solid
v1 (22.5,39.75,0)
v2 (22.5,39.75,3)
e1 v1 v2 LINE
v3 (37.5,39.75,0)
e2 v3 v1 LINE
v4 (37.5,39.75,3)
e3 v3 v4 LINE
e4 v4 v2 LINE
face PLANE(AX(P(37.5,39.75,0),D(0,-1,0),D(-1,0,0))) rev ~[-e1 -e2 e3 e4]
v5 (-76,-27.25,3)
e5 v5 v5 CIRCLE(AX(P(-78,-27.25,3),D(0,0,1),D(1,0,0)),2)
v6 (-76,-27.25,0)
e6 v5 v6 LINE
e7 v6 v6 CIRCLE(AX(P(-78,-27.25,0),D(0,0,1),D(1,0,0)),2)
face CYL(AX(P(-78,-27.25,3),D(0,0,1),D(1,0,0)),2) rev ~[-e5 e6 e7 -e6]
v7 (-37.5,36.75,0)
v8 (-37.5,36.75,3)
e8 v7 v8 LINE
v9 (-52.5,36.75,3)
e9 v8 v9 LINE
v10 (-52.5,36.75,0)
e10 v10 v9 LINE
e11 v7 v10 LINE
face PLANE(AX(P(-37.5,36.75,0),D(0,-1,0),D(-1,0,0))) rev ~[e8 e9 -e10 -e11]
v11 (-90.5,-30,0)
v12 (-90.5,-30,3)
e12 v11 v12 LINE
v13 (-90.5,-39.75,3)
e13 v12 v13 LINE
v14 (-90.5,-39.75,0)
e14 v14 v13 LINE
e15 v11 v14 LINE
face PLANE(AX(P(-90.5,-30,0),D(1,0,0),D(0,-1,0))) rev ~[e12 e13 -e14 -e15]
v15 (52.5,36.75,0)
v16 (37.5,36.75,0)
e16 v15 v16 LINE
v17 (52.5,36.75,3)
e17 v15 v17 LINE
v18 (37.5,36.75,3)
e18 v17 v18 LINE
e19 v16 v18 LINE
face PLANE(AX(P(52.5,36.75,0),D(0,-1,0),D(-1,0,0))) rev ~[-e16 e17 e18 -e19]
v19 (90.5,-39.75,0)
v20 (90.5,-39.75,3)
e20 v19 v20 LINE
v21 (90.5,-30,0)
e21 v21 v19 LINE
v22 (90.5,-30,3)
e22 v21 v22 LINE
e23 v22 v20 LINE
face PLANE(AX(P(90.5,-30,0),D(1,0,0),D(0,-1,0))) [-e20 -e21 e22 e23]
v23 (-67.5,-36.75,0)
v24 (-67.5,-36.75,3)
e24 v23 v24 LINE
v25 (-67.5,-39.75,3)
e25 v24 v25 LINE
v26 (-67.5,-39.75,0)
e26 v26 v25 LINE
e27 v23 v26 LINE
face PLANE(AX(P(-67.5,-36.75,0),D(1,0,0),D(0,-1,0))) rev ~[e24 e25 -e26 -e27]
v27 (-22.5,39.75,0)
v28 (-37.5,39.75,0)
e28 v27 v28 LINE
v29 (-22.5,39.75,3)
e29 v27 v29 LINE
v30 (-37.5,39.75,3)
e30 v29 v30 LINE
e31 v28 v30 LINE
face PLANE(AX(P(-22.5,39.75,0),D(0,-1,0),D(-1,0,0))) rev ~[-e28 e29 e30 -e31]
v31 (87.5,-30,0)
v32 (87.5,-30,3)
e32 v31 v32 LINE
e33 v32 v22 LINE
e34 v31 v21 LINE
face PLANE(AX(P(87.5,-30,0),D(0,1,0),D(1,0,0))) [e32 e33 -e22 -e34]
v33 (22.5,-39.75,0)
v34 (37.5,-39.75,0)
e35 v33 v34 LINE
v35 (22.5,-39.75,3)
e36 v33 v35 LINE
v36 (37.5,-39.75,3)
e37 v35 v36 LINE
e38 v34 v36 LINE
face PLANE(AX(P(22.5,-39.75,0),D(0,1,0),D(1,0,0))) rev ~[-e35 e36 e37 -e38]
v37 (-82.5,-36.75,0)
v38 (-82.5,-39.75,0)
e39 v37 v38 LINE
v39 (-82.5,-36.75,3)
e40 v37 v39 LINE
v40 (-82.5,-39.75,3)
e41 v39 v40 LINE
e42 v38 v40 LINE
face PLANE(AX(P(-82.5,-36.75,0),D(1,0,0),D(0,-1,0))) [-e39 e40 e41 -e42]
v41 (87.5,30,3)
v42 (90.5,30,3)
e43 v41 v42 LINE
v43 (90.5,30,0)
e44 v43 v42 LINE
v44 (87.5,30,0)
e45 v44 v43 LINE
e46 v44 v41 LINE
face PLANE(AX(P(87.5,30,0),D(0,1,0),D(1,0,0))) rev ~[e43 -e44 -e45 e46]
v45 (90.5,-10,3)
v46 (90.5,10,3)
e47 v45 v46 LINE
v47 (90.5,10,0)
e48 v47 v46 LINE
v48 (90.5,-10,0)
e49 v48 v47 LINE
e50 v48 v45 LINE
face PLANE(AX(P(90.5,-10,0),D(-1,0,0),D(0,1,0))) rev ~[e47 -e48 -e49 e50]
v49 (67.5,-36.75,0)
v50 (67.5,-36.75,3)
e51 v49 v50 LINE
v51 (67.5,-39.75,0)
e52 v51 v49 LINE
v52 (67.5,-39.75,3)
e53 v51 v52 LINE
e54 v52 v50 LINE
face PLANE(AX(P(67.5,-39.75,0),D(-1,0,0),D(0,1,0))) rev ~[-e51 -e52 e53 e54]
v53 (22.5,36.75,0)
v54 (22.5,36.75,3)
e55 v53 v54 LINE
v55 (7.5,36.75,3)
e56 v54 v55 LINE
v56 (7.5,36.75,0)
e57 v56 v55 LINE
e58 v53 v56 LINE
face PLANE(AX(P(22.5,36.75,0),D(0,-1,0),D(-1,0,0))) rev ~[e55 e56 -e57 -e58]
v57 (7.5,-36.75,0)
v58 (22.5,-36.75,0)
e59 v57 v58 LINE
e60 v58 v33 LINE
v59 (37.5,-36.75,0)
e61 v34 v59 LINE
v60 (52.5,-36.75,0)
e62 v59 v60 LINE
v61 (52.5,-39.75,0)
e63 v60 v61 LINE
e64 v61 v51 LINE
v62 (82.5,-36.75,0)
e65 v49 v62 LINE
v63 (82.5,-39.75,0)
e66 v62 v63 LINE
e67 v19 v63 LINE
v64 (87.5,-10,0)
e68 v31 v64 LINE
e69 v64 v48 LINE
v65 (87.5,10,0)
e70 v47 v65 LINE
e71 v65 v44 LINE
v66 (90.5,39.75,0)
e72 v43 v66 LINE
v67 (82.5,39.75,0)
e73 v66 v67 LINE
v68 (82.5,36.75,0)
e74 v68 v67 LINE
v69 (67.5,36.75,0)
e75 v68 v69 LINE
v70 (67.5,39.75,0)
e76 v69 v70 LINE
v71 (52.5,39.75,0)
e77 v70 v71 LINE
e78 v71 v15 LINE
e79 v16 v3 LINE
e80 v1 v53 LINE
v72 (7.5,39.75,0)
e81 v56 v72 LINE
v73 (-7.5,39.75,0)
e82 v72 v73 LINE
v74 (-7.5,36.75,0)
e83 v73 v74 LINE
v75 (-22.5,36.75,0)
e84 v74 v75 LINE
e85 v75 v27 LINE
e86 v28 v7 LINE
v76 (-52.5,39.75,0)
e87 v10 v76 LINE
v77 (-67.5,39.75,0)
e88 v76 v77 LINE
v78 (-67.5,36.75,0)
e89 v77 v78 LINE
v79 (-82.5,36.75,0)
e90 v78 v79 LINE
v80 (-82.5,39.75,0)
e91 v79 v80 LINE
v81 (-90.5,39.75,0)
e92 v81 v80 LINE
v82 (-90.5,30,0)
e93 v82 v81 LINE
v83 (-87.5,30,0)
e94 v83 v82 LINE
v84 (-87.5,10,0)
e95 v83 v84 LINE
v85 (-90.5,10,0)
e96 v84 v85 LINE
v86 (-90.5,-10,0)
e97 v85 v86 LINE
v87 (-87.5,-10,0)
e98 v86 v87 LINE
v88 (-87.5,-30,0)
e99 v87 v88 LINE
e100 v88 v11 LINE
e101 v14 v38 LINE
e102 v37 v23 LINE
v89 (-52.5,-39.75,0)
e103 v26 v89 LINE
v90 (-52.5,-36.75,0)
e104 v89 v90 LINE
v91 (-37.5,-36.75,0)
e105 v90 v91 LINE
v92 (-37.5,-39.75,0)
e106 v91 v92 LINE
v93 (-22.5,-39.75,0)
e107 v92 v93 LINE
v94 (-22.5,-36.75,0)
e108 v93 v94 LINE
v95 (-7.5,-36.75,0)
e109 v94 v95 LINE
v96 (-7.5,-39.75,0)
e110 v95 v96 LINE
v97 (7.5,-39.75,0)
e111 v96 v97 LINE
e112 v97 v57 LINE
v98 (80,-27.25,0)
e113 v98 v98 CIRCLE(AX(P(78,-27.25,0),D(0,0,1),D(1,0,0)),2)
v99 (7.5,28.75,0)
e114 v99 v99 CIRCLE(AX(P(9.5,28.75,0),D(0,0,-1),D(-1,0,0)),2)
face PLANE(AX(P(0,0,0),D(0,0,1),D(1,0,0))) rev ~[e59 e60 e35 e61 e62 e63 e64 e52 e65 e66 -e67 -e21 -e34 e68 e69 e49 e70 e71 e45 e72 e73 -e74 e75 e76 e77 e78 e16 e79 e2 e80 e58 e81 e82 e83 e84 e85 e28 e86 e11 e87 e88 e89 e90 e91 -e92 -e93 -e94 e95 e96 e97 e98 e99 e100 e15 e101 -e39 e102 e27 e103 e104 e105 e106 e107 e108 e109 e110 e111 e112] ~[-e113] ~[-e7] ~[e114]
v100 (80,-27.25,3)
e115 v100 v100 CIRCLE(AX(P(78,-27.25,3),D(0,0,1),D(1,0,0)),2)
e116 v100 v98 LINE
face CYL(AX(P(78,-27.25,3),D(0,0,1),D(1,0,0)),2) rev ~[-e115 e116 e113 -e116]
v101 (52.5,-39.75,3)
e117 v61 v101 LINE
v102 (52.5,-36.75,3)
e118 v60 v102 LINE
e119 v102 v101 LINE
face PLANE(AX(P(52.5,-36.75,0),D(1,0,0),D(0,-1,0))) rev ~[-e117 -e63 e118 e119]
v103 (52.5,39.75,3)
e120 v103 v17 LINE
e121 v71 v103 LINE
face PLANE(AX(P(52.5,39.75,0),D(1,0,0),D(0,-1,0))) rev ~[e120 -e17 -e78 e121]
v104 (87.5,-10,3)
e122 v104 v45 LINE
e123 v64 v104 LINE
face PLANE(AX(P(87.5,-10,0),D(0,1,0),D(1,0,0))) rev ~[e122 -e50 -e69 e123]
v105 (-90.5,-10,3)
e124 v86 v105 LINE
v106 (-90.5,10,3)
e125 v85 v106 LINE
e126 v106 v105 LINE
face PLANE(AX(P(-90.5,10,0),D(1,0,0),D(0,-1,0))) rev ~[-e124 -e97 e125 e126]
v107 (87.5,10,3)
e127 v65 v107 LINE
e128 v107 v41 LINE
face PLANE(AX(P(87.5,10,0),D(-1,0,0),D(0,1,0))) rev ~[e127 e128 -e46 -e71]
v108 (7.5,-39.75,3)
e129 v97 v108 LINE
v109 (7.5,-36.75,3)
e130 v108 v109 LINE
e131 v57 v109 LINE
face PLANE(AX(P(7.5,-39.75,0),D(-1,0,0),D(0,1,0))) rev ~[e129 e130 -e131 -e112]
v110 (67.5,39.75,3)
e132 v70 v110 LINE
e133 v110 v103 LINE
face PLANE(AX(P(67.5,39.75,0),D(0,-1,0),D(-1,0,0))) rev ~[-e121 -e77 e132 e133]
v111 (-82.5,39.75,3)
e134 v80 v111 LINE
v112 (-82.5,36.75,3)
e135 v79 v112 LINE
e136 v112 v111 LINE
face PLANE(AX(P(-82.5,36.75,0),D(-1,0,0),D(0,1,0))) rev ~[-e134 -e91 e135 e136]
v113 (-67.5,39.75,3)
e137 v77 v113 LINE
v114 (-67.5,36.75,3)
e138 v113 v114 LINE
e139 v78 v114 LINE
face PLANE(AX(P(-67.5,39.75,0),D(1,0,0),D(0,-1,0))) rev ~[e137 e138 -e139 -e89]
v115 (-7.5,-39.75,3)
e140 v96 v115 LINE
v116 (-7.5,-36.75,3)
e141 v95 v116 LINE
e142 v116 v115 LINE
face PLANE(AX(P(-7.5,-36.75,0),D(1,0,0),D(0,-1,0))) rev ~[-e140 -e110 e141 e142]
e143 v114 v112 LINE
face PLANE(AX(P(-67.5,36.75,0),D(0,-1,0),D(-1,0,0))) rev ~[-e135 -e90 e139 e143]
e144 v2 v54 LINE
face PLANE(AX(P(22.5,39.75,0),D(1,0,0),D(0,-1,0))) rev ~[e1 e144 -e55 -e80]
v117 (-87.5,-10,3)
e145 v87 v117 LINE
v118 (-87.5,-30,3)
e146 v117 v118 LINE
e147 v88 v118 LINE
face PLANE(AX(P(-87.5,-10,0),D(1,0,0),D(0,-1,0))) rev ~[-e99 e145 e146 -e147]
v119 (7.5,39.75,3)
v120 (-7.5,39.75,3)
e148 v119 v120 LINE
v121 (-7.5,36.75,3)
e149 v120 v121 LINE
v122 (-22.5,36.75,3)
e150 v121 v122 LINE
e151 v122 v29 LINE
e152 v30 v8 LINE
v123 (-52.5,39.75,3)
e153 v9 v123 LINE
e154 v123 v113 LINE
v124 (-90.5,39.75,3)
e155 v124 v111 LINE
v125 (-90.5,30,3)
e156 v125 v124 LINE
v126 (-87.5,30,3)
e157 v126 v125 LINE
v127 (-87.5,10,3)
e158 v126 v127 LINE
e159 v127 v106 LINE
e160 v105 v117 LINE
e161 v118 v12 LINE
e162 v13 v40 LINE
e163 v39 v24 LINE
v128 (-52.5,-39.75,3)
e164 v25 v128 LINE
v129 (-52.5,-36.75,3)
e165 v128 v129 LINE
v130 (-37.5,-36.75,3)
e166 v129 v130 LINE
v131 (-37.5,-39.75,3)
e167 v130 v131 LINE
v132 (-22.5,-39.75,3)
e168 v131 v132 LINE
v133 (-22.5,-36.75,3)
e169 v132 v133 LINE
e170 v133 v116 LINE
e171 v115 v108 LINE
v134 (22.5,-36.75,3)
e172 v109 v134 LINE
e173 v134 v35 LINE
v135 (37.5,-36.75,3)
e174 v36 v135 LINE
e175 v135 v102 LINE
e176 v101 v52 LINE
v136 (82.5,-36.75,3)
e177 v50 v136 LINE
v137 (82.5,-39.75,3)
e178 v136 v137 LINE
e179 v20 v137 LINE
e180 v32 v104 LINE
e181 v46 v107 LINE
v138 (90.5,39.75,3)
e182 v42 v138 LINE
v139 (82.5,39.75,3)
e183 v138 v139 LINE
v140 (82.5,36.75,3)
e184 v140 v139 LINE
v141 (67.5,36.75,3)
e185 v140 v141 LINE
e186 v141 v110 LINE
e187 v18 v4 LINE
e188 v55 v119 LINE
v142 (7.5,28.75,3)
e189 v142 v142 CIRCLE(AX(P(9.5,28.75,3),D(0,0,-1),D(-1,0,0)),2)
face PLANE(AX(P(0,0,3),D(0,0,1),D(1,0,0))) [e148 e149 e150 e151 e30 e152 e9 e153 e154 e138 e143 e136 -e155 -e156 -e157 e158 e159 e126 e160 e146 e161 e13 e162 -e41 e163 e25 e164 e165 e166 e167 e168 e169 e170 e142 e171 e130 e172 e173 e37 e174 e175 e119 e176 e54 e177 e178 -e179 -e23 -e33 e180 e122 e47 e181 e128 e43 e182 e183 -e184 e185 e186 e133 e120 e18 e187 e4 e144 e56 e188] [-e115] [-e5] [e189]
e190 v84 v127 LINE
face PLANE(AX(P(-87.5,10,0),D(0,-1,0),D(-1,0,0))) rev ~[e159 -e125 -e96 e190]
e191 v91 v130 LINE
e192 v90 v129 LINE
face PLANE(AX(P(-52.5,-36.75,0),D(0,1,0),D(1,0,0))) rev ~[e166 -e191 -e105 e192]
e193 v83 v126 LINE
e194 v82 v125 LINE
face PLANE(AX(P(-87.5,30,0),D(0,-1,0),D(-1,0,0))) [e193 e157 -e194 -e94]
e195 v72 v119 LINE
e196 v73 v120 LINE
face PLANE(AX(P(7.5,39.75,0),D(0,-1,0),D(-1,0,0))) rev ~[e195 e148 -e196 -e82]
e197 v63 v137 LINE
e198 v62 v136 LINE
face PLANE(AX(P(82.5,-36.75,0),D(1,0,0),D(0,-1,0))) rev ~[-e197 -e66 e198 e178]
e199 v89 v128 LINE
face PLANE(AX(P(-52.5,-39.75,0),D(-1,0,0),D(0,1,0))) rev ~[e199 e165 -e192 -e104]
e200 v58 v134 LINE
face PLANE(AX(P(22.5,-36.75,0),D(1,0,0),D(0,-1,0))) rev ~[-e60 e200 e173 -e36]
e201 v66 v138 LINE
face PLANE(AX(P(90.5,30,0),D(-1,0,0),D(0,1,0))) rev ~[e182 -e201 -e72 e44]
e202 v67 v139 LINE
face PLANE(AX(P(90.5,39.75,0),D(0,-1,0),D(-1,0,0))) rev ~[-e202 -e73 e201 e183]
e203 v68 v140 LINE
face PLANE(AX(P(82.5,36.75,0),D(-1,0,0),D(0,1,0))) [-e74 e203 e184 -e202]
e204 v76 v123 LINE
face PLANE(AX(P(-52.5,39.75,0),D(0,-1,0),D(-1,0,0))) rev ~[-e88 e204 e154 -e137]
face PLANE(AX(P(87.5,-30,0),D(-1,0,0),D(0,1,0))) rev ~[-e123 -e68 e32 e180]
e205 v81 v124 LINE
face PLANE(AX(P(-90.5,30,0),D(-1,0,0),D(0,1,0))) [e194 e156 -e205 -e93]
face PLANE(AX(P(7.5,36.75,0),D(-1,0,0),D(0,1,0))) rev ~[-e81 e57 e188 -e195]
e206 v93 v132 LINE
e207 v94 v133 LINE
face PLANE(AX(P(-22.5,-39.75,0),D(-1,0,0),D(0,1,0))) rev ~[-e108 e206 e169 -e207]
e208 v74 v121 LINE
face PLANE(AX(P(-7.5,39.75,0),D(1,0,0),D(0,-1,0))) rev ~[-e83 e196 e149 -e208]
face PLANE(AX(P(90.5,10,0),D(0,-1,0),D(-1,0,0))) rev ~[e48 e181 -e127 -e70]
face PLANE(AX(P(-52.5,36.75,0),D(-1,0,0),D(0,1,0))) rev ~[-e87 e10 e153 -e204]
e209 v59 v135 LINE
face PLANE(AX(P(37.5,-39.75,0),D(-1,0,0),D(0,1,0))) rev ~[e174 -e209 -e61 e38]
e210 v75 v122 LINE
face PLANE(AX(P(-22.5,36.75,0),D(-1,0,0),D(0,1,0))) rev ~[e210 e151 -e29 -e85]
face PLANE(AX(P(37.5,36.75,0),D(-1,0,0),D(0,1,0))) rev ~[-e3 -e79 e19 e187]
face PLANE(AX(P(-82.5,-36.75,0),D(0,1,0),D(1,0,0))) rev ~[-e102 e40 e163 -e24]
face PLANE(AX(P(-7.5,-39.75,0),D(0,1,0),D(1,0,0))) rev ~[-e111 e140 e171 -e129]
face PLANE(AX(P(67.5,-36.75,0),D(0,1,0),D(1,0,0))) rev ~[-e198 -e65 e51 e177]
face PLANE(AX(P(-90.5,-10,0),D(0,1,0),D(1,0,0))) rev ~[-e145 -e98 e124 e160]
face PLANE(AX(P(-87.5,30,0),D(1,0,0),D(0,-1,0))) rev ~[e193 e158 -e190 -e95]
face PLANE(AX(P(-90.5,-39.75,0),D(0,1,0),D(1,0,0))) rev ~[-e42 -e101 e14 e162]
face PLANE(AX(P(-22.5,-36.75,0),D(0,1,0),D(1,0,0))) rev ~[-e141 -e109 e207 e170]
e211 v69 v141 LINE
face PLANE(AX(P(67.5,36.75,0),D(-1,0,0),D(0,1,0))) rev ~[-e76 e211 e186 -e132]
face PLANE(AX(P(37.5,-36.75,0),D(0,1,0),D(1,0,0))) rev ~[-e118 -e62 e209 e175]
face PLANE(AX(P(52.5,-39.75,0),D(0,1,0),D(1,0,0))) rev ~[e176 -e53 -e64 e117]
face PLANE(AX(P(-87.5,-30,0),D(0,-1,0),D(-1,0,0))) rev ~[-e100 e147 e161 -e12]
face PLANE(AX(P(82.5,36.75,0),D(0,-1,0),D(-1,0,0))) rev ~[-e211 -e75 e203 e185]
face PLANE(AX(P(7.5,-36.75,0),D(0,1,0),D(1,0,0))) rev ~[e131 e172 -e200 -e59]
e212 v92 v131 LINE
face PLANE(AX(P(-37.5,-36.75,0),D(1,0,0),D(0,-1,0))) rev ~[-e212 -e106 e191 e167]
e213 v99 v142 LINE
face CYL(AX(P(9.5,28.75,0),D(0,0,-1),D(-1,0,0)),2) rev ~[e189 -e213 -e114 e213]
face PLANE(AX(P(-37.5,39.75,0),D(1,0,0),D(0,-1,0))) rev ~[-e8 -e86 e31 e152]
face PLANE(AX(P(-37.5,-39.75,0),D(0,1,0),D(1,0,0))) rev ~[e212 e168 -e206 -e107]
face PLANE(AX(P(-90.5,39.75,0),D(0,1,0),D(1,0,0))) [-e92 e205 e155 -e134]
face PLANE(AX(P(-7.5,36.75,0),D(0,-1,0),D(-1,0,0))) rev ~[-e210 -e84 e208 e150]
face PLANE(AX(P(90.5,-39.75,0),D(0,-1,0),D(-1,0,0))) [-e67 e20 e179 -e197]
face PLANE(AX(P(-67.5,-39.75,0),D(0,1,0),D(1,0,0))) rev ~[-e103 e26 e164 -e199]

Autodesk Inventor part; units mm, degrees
ref_plane "YZ Plane" through (0, 0, 0) normal (1, 0, 0) x (0, 1, 0)
ref_plane "XZ Plane" through (0, 0, 0) normal (0, 1, 0) x (-1, 0, 0)
ref_plane "XY Plane" through (0, 0, 0) normal (0, 0, 1) x (1, 0, 0)
sketch "Sketch1" plane through (0, 0, 0) normal (0, 0, 1) x (1, 0, 0)
  line L0 (-87.5, -36.75) -> (87.5, -36.75)
  line L1 (87.5, -36.75) -> (87.5, 36.75)
  line L2 (87.5, 36.75) -> (-87.5, 36.75)
  line L3 (-87.5, 36.75) -> (-87.5, -36.75)
  line L4 (-87.5, -36.75) -> (87.5, 36.75) construction
  line L5 (87.5, -36.75) -> (-87.5, 36.75) construction
  line L6 (-67.5, 36.75) -> (-52.5, 36.75)
  line L7 (-52.5, 36.75) -> (-52.5, 39.75)
  line L8 (-52.5, 39.75) -> (-67.5, 39.75)
  line L9 (-67.5, 39.75) -> (-67.5, 36.75)
  line L10 (-87.5, 10) -> (-90.5, 10)
  line L11 (-90.5, 10) -> (-90.5, -10)
  line L12 (-90.5, -10) -> (-87.5, -10)
  line L13 (-87.5, -10) -> (-87.5, 10)
  line L14 (-82.5, 36.75) -> (-82.5, 39.75)
  line L15 (-87.5, 30) -> (-90.5, 30)
  line L16 (-90.5, 30) -> (-90.5, 39.75)
  line L17 (-90.5, 39.75) -> (-82.5, 39.75)
  line L18 (-22.5, 36.75) -> (-22.5, 39.75)
  line L19 (-22.5, 39.75) -> (-37.5, 39.75)
  line L20 (-37.5, 39.75) -> (-37.5, 36.75)
  line L21 (-37.5, 36.75) -> (-22.5, 36.75)
  line L22 (7.5, 36.75) -> (7.5, 39.75)
  line L23 (7.5, 39.75) -> (-7.5, 39.75)
  line L24 (-7.5, 39.75) -> (-7.5, 36.75)
  line L25 (-7.5, 36.75) -> (7.5, 36.75)
  line L26 (37.5, 36.75) -> (37.5, 39.75)
  line L27 (37.5, 39.75) -> (22.5, 39.75)
  line L28 (22.5, 39.75) -> (22.5, 36.75)
  line L29 (22.5, 36.75) -> (37.5, 36.75)
  line L30 (67.5, 36.75) -> (67.5, 39.75)
  line L31 (67.5, 39.75) -> (52.5, 39.75)
  line L32 (52.5, 39.75) -> (52.5, 36.75)
  line L33 (52.5, 36.75) -> (67.5, 36.75)
  line L34 (-52.5, -39.75) -> (-52.5, -36.75)
  line L35 (-52.5, -36.75) -> (-67.5, -36.75)
  line L36 (-67.5, -36.75) -> (-67.5, -39.75)
  line L37 (-67.5, -39.75) -> (-52.5, -39.75)
  line L38 (-22.5, -39.75) -> (-22.5, -36.75)
  line L39 (-22.5, -36.75) -> (-37.5, -36.75)
  line L40 (-37.5, -36.75) -> (-37.5, -39.75)
  line L41 (-37.5, -39.75) -> (-22.5, -39.75)
  line L42 (7.5, -39.75) -> (7.5, -36.75)
  line L43 (7.5, -36.75) -> (-7.5, -36.75)
  line L44 (-7.5, -36.75) -> (-7.5, -39.75)
  line L45 (-7.5, -39.75) -> (7.5, -39.75)
  line L46 (37.5, -39.75) -> (37.5, -36.75)
  line L47 (37.5, -36.75) -> (22.5, -36.75)
  line L48 (22.5, -36.75) -> (22.5, -39.75)
  line L49 (22.5, -39.75) -> (37.5, -39.75)
  line L50 (67.5, -39.75) -> (67.5, -36.75)
  line L51 (67.5, -36.75) -> (52.5, -36.75)
  line L52 (52.5, -36.75) -> (52.5, -39.75)
  line L53 (52.5, -39.75) -> (67.5, -39.75)
  line L54 (90.5, 10) -> (87.5, 10)
  line L55 (87.5, 10) -> (87.5, -10)
  line L56 (87.5, -10) -> (90.5, -10)
  line L57 (90.5, -10) -> (90.5, 10)
  line L58 (-87.5, 0) -> (87.5, 0) construction
  line L59 (0, 36.75) -> (0, -36.75) construction
  line L60 (-87.5, 30) -> (-87.5, 36.75)
  line L61 (-82.5, 36.75) -> (-87.5, 36.75)
  line L62 (-82.5, -36.75) -> (-82.5, -39.75)
  line L63 (-87.5, -30) -> (-90.5, -30)
  line L64 (-90.5, -30) -> (-90.5, -39.75)
  line L65 (-90.5, -39.75) -> (-82.5, -39.75)
  line L66 (-87.5, -30) -> (-87.5, -36.75)
  line L67 (-82.5, -36.75) -> (-87.5, -36.75)
  line L68 (82.5, 36.75) -> (82.5, 39.75)
  line L69 (87.5, 30) -> (90.5, 30)
  line L70 (90.5, 30) -> (90.5, 39.75)
  line L71 (90.5, 39.75) -> (82.5, 39.75)
  line L72 (87.5, 30) -> (87.5, 36.75)
  line L73 (82.5, 36.75) -> (87.5, 36.75)
  line L74 (82.5, -36.75) -> (82.5, -39.75)
  line L75 (87.5, -30) -> (90.5, -30)
  line L76 (90.5, -30) -> (90.5, -39.75)
  line L77 (90.5, -39.75) -> (82.5, -39.75)
  line L78 (87.5, -30) -> (87.5, -36.75)
  line L79 (82.5, -36.75) -> (87.5, -36.75)
  point P0 (0, 0)
  dimension "d0" = 175
  dimension "d1" = 73.5
  dimension "d2" = 15
  dimension "d3" = 3
  dimension "d4" = 20
  dimension "d5" = 3
  dimension "d6" = 20
  dimension "d7" = 10
  dimension "d8" = 3
  dimension "d9" = 15
  dimension "d10" = 3
  dimension "d11" = 20
  dimension "d14" = 30
  dimension "d17" = 76.5
  dimension "d22" = 178
extrude "Extrusion1" add sketch "Sketch1" along normal blind 3
sketch "Sketch2" plane through (0, 0, 3) normal (0, 0, 1) x (1, 0, 0)
  circle A0 centre (-78, -27.25) radius 2
  circle A1 centre (78, -27.25) radius 2
  line L0 (87.5, -30) -> (87.5, -10) projected
  line L1 (67.5, -36.75) -> (82.5, -36.75) projected
  line L2 (-82.5, -36.75) -> (-67.5, -36.75) projected
  line L3 (-87.5, -10) -> (-87.5, -30) projected
  point P0 (0, 0)
  dimension "d29" = 4
  dimension "d30" = 4
  dimension "d31" = 9.5
  dimension "d32" = 9.5
  dimension "d33" = 9.5
  dimension "d34" = 9.5
extrude "Extrusion2" cut sketch "Sketch2" against normal blind 10
sketch "Sketch3" plane through (0, 0, 0) normal (0, 0, -1) x (-1, 0, 0)
  circle A0 centre (-9.5, 28.75) radius 2
  line L0 (-7.5, 39.75) -> (-7.5, 36.75) projected
  line L1 (-22.5, 36.75) -> (-7.5, 36.75) projected
  point P0 (0, 0)
  dimension "d37" = 4
  dimension "d38" = 2
  dimension "d39" = 8
extrude "Extrusion3" cut sketch "Sketch3" against normal blind 10
equation "\"BendRadius\" = Thickness"
equation "\"BendReliefWidth\" = Thickness"
equation "\"BendReliefDepth\" = 0.5 * Thickness"
equation "\"CornerReliefSize\" = 4 * Thickness"
equation "\"MinimumRemnant\" = 2 * Thickness"
equation "\"TransitionRadius\" = BendRadius"
equation "\"JacobiRadiusSize\" = BendRadius"
equation "\"GapSize\" = Thickness"
equation "\"Thickness\" = 0.5"
properties part number "12 boven plaat LCD"
